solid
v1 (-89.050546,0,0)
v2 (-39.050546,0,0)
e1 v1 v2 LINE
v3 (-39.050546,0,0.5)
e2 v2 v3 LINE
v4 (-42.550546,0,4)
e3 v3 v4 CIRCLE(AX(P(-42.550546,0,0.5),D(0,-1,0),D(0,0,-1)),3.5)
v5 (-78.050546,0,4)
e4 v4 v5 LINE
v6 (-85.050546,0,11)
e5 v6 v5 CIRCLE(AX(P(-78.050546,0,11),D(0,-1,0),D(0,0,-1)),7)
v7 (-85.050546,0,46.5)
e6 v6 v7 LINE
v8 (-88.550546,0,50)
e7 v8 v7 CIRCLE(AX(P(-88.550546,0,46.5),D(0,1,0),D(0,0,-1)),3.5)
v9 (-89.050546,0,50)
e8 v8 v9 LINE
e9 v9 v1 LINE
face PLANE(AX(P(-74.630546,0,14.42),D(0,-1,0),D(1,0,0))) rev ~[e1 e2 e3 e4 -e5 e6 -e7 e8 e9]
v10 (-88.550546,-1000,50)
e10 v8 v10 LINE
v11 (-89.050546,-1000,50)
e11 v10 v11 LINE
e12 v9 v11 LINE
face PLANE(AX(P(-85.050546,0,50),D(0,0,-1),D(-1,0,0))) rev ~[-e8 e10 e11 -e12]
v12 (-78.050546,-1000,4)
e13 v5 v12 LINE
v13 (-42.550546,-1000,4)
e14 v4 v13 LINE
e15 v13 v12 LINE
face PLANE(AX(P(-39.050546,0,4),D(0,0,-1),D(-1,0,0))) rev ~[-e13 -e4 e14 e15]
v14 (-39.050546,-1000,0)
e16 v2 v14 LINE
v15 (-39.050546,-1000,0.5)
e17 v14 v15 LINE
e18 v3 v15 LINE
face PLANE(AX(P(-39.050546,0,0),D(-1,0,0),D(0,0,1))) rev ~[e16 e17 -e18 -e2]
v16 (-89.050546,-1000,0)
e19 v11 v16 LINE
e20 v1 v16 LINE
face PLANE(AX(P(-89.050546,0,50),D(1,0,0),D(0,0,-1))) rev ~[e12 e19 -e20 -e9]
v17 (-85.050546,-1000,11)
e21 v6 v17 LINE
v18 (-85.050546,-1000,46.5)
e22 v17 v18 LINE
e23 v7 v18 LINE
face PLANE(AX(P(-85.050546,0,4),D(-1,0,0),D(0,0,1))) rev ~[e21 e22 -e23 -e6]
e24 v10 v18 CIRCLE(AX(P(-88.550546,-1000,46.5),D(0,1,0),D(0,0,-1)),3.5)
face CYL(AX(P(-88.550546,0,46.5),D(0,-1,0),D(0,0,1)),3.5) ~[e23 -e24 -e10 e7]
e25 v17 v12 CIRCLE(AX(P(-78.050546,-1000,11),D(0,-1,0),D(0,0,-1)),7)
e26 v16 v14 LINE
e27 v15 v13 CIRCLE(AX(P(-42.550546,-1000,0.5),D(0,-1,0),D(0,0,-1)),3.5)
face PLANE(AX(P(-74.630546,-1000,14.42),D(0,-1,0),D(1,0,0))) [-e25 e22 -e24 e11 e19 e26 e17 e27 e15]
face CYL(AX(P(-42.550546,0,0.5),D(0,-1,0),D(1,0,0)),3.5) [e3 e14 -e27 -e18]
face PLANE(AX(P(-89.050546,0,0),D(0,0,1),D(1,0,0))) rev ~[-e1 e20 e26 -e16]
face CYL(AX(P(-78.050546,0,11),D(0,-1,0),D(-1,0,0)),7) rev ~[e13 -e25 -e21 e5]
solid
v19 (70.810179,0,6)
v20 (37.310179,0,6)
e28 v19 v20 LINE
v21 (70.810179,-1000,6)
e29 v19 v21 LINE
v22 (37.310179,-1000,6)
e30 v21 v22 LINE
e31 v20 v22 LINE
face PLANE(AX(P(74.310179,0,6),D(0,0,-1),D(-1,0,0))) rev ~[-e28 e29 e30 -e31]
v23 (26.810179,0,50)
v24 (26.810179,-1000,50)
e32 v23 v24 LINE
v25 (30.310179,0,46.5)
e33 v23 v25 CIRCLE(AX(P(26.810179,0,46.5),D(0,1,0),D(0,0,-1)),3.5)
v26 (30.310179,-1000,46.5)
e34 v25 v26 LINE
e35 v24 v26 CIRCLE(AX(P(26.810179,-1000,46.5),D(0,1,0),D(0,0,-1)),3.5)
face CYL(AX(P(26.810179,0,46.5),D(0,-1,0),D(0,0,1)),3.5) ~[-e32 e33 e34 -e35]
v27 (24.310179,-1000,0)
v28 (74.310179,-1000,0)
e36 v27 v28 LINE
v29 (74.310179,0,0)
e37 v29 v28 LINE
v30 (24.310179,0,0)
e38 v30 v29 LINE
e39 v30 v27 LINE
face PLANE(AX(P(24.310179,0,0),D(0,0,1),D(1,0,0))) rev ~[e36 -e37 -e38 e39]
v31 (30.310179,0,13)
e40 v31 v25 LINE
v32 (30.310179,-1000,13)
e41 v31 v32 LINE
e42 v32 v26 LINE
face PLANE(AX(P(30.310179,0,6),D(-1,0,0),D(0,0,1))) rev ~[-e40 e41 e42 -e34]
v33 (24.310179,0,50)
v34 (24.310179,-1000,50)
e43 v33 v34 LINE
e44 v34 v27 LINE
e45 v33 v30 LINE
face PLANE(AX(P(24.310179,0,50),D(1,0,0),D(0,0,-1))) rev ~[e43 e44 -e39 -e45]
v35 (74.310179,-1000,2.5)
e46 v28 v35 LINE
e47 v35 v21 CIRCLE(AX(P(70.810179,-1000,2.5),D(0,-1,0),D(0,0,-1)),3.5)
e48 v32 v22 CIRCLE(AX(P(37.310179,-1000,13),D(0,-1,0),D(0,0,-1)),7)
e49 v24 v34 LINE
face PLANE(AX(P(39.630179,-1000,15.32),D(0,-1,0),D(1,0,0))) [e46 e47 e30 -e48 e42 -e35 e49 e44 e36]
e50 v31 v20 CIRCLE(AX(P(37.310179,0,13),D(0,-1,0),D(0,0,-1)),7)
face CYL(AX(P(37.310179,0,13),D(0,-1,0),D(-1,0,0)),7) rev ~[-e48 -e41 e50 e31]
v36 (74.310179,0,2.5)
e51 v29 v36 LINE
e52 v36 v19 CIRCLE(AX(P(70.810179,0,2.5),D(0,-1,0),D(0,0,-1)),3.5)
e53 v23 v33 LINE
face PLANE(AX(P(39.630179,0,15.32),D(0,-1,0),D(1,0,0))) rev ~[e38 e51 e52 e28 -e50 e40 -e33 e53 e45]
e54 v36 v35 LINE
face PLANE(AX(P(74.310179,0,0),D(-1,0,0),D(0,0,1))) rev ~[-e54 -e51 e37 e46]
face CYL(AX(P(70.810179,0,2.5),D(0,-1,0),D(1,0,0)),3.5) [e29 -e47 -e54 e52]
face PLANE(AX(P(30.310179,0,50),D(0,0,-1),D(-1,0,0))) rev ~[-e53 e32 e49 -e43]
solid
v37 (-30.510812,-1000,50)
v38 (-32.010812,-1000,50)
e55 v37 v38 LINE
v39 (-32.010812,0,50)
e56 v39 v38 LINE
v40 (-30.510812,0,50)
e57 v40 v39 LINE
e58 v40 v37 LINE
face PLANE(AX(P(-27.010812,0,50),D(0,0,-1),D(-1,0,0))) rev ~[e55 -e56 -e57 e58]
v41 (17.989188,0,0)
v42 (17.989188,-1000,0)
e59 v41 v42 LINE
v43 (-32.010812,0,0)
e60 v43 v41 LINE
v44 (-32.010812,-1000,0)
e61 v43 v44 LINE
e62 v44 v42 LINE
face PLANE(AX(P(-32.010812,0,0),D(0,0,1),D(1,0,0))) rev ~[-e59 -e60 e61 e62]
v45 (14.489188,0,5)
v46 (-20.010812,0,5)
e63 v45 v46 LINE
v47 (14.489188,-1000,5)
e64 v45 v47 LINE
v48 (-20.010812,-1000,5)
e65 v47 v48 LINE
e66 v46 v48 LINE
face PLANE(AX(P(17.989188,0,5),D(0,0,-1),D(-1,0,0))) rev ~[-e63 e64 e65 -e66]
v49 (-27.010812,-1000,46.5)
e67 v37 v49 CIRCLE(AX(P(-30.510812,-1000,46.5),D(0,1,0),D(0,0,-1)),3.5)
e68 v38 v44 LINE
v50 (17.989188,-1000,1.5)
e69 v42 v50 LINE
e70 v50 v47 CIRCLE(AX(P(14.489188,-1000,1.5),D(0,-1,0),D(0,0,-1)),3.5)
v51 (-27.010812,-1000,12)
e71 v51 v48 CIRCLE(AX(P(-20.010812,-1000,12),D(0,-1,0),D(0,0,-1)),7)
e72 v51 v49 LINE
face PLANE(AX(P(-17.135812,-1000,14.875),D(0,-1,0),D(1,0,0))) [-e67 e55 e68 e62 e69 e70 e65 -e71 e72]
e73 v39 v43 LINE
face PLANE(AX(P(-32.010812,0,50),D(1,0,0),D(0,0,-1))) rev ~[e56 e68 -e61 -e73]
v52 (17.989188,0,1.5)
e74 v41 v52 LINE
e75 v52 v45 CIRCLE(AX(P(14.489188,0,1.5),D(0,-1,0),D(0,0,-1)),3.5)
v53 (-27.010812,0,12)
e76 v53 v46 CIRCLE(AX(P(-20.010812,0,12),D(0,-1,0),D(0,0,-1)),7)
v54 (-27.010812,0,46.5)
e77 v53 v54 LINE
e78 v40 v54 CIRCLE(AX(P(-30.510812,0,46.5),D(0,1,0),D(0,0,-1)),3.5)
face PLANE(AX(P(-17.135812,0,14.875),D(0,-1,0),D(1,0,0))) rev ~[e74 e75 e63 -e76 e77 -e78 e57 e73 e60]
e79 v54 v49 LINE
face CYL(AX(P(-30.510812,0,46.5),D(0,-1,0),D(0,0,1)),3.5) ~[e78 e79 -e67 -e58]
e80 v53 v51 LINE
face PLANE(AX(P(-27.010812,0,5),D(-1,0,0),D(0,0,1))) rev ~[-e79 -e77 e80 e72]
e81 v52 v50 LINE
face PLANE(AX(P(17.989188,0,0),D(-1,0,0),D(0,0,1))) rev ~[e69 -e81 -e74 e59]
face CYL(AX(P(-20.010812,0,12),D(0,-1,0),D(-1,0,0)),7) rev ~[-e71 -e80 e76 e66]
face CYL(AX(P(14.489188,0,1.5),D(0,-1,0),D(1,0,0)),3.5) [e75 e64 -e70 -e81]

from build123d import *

# Parameters (mm, degrees)
F1_DEPTH = 1000
F2_R     = 3.5
F3_R     = 7
F5_DEPTH = 1000
F6_R     = 3.5
F7_R     = 7
F9_DEPTH = 1000
F10_R    = 3.5
F11_R    = 7


with BuildPart() as f1:
    # F0 (on Front) → F1 (new body)
    with BuildSketch(Plane.XZ):
        Polygon((-85.050546, 50), (-89.050546, 50), (-89.050546, 0), (-39.050546, 0), (-39.050546, 4), (-85.050546, 4), align=None)
    extrude(amount=F1_DEPTH)

    # F2
    f2_edges = [f1.edges().sort_by_distance(p)[0] for p in [
        (-85.050546, -500, 50),
        (-39.050546, -500, 4),
    ]]
    fillet(f2_edges, radius=F2_R)

    # F3
    f3_edges = [f1.edges().sort_by_distance(p)[0] for p in [
        (-85.050546, -500, 4),
    ]]
    fillet(f3_edges, radius=F3_R)


with BuildPart() as f5:
    # F4 (on Front) → F5 (new body)
    with BuildSketch(Plane.XZ):
        Polygon((-27.010812, 50), (-32.010812, 50), (-32.010812, 0), (17.989188, 0), (17.989188, 5), (-27.010812, 5), align=None)
    extrude(amount=F5_DEPTH)

    # F6
    f6_edges = [f5.edges().sort_by_distance(p)[0] for p in [
        (17.989188, -500, 5),
        (-27.010812, -500, 50),
    ]]
    fillet(f6_edges, radius=F6_R)

    # F7
    f7_edges = [f5.edges().sort_by_distance(p)[0] for p in [
        (-27.010812, -500, 5),
    ]]
    fillet(f7_edges, radius=F7_R)


with BuildPart() as f9:
    # F8 (on Front) → F9 (new body)
    with BuildSketch(Plane.XZ):
        Polygon((30.310179, 50), (24.310179, 50), (24.310179, 0), (74.310179, 0), (74.310179, 6), (30.310179, 6), align=None)
    extrude(amount=F9_DEPTH)

    # F10
    f10_edges = [f9.edges().sort_by_distance(p)[0] for p in [
        (30.310179, -500, 50),
        (74.310179, -500, 6),
    ]]
    fillet(f10_edges, radius=F10_R)

    # F11
    f11_edges = [f9.edges().sort_by_distance(p)[0] for p in [
        (30.310179, -500, 6),
    ]]
    fillet(f11_edges, radius=F11_R)


solid = Compound([f1.part, f5.part, f9.part])
